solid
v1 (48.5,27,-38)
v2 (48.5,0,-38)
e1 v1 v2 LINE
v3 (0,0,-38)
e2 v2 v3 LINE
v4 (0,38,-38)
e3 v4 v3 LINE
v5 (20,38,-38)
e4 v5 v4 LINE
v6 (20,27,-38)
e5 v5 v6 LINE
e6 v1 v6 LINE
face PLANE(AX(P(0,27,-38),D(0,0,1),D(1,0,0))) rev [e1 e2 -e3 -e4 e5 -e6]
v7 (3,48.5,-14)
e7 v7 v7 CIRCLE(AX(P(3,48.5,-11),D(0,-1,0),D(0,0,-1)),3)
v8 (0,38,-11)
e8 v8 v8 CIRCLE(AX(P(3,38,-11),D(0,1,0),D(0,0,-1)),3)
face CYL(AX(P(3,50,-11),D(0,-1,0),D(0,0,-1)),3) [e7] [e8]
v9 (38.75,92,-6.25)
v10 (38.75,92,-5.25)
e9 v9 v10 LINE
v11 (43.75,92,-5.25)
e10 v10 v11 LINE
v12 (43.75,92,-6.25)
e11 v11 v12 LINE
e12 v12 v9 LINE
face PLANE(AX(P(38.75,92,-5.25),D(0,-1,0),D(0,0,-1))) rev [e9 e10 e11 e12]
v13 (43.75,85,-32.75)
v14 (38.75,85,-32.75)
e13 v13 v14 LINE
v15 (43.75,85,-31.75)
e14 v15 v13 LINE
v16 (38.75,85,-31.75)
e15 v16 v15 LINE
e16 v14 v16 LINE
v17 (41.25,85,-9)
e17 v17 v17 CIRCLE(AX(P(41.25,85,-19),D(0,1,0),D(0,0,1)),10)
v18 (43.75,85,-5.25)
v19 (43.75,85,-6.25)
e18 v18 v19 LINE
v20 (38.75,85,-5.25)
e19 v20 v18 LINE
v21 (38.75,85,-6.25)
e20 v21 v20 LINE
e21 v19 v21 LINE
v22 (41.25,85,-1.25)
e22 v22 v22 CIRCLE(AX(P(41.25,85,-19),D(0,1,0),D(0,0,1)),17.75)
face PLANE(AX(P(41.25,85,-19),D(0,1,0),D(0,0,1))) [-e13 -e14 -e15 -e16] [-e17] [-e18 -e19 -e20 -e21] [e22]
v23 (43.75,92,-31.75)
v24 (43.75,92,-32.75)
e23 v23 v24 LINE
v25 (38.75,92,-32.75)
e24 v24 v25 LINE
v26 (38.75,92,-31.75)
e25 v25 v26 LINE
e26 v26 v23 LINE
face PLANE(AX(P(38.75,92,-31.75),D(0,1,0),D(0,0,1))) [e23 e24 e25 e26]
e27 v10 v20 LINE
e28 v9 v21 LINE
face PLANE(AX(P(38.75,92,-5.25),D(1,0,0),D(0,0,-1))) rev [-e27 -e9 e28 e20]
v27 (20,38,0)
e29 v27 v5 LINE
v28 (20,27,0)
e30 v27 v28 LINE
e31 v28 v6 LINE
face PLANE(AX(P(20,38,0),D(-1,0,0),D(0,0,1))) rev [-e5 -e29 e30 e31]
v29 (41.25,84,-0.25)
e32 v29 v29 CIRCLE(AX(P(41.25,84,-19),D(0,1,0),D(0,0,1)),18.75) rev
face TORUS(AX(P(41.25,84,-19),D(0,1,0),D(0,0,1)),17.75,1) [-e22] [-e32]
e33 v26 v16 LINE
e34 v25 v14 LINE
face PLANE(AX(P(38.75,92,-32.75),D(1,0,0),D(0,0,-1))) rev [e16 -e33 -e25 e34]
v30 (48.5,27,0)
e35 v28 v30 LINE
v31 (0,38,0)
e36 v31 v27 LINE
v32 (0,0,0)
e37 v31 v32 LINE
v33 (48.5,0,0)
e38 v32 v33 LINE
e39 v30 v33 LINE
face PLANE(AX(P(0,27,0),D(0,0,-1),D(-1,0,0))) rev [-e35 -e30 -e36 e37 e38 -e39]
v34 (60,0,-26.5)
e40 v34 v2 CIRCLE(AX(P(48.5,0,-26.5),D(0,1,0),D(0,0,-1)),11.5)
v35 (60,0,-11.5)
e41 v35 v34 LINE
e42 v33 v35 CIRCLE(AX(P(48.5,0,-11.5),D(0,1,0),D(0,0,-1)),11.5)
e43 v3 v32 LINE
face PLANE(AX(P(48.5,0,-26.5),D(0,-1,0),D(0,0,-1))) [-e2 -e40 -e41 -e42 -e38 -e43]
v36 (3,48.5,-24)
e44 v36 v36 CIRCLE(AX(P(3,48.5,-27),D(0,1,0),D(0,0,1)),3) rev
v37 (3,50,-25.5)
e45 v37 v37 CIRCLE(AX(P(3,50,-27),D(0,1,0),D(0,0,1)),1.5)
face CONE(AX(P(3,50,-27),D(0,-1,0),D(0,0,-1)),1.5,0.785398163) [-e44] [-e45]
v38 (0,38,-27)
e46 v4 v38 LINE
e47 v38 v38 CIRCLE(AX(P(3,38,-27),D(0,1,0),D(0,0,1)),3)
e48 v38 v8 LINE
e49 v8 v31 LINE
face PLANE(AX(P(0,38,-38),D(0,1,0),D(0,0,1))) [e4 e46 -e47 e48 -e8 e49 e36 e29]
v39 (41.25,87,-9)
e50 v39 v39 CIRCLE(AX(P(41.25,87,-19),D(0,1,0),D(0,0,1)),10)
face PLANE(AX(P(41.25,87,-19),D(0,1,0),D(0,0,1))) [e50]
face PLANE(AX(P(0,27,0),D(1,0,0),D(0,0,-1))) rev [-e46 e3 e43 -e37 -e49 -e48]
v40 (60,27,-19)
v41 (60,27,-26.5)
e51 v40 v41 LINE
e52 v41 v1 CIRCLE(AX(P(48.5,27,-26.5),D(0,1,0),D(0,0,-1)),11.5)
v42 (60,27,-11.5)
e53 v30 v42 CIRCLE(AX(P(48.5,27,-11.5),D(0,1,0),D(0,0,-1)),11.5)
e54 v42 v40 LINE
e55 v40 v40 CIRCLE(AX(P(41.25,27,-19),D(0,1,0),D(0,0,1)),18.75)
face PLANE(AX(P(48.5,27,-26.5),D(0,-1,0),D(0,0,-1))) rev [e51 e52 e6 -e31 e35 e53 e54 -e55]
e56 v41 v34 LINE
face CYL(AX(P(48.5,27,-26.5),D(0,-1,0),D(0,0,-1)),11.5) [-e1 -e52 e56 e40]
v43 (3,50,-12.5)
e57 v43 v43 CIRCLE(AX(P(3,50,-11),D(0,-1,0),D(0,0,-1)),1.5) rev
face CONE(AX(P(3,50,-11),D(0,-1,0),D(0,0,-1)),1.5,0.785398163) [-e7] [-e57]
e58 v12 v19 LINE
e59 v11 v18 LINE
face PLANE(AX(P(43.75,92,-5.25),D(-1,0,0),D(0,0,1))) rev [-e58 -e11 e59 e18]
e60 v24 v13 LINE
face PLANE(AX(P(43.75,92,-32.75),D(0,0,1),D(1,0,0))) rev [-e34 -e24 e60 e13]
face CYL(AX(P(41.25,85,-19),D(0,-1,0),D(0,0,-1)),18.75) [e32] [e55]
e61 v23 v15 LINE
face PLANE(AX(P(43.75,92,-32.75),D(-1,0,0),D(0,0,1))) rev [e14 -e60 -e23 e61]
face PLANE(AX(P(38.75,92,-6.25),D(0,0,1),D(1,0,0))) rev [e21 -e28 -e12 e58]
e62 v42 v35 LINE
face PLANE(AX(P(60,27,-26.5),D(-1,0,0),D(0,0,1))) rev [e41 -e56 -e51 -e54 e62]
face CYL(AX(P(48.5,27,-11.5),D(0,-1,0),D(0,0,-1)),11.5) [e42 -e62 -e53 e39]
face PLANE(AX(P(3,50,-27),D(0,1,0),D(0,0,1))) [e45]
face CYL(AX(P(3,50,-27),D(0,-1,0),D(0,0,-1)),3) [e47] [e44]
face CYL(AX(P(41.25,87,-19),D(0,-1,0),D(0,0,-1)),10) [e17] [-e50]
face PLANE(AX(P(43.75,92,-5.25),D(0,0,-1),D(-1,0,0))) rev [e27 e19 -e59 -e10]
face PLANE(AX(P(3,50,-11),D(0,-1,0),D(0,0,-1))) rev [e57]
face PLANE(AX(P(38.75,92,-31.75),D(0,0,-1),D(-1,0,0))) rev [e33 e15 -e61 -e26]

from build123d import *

# Parameters (mm, degrees)
EXTRUSION1_DEPTH = 27
ESQUISSE2_W      = 20
ESQUISSE2_H      = 38
EXTRUSION2_DEPTH = 11
ESQUISSE3_R      = 18.75
EXTRUSION3_DEPTH = 58
ESQUISSE4_R      = 10
EXTRUSION4_DEPTH = 2
ESQUISSE5_R      = 3
EXTRUSION5_DEPTH = 12
CHANFREIN1_SIZE  = 1.5
CONG_1_R         = 1
ESQUISSE6_W      = 5
ESQUISSE6_H      = 1
EXTRUSION6_DEPTH = 7


with BuildPart() as part:
    # Esquisse1 → Extrusion1 (new body)
    with BuildSketch(Plane(origin=(0, 0, 0), x_dir=(1, 0, 0), z_dir=(0, 1, 0))):
        with BuildLine():
            Line((0, 0), (48.5, 0))
            ThreePointArc((48.5, 0), (56.631727984, 3.368272016), (60, 11.5))
            Line((60, 11.5), (60, 26.5))
            ThreePointArc((60, 26.5), (56.631727984, 34.631727984), (48.5, 38))
            Line((48.5, 38), (0, 38))
            Line((0, 38), (0, 0))
        make_face()
    extrude(amount=EXTRUSION1_DEPTH)

    # Esquisse2 → Extrusion2 (add)
    with BuildSketch(Plane(origin=(0, 27, 0), x_dir=(1, 0, 0), z_dir=(0, 1, 0))):
        with Locations((10, 19)):
            Rectangle(ESQUISSE2_W, ESQUISSE2_H)
    extrude(amount=EXTRUSION2_DEPTH)

    # Esquisse3 → Extrusion3 (add)
    with BuildSketch(Plane(origin=(0, 27, 0), x_dir=(1, 0, 0), z_dir=(0, 1, 0))):
        with Locations((41.25, 19)):
            Circle(ESQUISSE3_R)
    extrude(amount=EXTRUSION3_DEPTH)

    # Esquisse4 → Extrusion4 (add)
    with BuildSketch(Plane(origin=(0, 85, 0), x_dir=(1, 0, 0), z_dir=(0, 1, 0))):
        with Locations((41.25, 19)):
            Circle(ESQUISSE4_R)
    extrude(amount=EXTRUSION4_DEPTH)

    # Esquisse5 → Extrusion5 (add)
    with BuildSketch(Plane(origin=(0, 38, 0), x_dir=(1, 0, 0), z_dir=(0, 1, 0))):
        with Locations((3, 27)):
            Circle(ESQUISSE5_R)
        with Locations((3, 11)):
            Circle(ESQUISSE5_R)
    extrude(amount=EXTRUSION5_DEPTH)

    # Chanfrein1
    chanfrein1_edges = [part.edges().sort_by_distance(p)[0] for p in [
        (0, 50, -27),
        (0, 50, -11),
    ]]
    chamfer(chanfrein1_edges, length=CHANFREIN1_SIZE)

    # Congé1
    cong_1_edges = [part.edges().sort_by_distance(p)[0] for p in [
        (22.5, 85, -19),
    ]]
    fillet(cong_1_edges, radius=CONG_1_R)

    # Esquisse6 → Extrusion6 (add)
    with BuildSketch(Plane(origin=(0, 85, 0), x_dir=(1, 0, 0), z_dir=(0, 1, 0))):
        with Locations((41.25, 32.25)):
            Rectangle(ESQUISSE6_W, ESQUISSE6_H)
        with Locations((41.25, 5.75)):
            Rectangle(ESQUISSE6_W, ESQUISSE6_H)
    extrude(amount=EXTRUSION6_DEPTH)


solid = part.part
